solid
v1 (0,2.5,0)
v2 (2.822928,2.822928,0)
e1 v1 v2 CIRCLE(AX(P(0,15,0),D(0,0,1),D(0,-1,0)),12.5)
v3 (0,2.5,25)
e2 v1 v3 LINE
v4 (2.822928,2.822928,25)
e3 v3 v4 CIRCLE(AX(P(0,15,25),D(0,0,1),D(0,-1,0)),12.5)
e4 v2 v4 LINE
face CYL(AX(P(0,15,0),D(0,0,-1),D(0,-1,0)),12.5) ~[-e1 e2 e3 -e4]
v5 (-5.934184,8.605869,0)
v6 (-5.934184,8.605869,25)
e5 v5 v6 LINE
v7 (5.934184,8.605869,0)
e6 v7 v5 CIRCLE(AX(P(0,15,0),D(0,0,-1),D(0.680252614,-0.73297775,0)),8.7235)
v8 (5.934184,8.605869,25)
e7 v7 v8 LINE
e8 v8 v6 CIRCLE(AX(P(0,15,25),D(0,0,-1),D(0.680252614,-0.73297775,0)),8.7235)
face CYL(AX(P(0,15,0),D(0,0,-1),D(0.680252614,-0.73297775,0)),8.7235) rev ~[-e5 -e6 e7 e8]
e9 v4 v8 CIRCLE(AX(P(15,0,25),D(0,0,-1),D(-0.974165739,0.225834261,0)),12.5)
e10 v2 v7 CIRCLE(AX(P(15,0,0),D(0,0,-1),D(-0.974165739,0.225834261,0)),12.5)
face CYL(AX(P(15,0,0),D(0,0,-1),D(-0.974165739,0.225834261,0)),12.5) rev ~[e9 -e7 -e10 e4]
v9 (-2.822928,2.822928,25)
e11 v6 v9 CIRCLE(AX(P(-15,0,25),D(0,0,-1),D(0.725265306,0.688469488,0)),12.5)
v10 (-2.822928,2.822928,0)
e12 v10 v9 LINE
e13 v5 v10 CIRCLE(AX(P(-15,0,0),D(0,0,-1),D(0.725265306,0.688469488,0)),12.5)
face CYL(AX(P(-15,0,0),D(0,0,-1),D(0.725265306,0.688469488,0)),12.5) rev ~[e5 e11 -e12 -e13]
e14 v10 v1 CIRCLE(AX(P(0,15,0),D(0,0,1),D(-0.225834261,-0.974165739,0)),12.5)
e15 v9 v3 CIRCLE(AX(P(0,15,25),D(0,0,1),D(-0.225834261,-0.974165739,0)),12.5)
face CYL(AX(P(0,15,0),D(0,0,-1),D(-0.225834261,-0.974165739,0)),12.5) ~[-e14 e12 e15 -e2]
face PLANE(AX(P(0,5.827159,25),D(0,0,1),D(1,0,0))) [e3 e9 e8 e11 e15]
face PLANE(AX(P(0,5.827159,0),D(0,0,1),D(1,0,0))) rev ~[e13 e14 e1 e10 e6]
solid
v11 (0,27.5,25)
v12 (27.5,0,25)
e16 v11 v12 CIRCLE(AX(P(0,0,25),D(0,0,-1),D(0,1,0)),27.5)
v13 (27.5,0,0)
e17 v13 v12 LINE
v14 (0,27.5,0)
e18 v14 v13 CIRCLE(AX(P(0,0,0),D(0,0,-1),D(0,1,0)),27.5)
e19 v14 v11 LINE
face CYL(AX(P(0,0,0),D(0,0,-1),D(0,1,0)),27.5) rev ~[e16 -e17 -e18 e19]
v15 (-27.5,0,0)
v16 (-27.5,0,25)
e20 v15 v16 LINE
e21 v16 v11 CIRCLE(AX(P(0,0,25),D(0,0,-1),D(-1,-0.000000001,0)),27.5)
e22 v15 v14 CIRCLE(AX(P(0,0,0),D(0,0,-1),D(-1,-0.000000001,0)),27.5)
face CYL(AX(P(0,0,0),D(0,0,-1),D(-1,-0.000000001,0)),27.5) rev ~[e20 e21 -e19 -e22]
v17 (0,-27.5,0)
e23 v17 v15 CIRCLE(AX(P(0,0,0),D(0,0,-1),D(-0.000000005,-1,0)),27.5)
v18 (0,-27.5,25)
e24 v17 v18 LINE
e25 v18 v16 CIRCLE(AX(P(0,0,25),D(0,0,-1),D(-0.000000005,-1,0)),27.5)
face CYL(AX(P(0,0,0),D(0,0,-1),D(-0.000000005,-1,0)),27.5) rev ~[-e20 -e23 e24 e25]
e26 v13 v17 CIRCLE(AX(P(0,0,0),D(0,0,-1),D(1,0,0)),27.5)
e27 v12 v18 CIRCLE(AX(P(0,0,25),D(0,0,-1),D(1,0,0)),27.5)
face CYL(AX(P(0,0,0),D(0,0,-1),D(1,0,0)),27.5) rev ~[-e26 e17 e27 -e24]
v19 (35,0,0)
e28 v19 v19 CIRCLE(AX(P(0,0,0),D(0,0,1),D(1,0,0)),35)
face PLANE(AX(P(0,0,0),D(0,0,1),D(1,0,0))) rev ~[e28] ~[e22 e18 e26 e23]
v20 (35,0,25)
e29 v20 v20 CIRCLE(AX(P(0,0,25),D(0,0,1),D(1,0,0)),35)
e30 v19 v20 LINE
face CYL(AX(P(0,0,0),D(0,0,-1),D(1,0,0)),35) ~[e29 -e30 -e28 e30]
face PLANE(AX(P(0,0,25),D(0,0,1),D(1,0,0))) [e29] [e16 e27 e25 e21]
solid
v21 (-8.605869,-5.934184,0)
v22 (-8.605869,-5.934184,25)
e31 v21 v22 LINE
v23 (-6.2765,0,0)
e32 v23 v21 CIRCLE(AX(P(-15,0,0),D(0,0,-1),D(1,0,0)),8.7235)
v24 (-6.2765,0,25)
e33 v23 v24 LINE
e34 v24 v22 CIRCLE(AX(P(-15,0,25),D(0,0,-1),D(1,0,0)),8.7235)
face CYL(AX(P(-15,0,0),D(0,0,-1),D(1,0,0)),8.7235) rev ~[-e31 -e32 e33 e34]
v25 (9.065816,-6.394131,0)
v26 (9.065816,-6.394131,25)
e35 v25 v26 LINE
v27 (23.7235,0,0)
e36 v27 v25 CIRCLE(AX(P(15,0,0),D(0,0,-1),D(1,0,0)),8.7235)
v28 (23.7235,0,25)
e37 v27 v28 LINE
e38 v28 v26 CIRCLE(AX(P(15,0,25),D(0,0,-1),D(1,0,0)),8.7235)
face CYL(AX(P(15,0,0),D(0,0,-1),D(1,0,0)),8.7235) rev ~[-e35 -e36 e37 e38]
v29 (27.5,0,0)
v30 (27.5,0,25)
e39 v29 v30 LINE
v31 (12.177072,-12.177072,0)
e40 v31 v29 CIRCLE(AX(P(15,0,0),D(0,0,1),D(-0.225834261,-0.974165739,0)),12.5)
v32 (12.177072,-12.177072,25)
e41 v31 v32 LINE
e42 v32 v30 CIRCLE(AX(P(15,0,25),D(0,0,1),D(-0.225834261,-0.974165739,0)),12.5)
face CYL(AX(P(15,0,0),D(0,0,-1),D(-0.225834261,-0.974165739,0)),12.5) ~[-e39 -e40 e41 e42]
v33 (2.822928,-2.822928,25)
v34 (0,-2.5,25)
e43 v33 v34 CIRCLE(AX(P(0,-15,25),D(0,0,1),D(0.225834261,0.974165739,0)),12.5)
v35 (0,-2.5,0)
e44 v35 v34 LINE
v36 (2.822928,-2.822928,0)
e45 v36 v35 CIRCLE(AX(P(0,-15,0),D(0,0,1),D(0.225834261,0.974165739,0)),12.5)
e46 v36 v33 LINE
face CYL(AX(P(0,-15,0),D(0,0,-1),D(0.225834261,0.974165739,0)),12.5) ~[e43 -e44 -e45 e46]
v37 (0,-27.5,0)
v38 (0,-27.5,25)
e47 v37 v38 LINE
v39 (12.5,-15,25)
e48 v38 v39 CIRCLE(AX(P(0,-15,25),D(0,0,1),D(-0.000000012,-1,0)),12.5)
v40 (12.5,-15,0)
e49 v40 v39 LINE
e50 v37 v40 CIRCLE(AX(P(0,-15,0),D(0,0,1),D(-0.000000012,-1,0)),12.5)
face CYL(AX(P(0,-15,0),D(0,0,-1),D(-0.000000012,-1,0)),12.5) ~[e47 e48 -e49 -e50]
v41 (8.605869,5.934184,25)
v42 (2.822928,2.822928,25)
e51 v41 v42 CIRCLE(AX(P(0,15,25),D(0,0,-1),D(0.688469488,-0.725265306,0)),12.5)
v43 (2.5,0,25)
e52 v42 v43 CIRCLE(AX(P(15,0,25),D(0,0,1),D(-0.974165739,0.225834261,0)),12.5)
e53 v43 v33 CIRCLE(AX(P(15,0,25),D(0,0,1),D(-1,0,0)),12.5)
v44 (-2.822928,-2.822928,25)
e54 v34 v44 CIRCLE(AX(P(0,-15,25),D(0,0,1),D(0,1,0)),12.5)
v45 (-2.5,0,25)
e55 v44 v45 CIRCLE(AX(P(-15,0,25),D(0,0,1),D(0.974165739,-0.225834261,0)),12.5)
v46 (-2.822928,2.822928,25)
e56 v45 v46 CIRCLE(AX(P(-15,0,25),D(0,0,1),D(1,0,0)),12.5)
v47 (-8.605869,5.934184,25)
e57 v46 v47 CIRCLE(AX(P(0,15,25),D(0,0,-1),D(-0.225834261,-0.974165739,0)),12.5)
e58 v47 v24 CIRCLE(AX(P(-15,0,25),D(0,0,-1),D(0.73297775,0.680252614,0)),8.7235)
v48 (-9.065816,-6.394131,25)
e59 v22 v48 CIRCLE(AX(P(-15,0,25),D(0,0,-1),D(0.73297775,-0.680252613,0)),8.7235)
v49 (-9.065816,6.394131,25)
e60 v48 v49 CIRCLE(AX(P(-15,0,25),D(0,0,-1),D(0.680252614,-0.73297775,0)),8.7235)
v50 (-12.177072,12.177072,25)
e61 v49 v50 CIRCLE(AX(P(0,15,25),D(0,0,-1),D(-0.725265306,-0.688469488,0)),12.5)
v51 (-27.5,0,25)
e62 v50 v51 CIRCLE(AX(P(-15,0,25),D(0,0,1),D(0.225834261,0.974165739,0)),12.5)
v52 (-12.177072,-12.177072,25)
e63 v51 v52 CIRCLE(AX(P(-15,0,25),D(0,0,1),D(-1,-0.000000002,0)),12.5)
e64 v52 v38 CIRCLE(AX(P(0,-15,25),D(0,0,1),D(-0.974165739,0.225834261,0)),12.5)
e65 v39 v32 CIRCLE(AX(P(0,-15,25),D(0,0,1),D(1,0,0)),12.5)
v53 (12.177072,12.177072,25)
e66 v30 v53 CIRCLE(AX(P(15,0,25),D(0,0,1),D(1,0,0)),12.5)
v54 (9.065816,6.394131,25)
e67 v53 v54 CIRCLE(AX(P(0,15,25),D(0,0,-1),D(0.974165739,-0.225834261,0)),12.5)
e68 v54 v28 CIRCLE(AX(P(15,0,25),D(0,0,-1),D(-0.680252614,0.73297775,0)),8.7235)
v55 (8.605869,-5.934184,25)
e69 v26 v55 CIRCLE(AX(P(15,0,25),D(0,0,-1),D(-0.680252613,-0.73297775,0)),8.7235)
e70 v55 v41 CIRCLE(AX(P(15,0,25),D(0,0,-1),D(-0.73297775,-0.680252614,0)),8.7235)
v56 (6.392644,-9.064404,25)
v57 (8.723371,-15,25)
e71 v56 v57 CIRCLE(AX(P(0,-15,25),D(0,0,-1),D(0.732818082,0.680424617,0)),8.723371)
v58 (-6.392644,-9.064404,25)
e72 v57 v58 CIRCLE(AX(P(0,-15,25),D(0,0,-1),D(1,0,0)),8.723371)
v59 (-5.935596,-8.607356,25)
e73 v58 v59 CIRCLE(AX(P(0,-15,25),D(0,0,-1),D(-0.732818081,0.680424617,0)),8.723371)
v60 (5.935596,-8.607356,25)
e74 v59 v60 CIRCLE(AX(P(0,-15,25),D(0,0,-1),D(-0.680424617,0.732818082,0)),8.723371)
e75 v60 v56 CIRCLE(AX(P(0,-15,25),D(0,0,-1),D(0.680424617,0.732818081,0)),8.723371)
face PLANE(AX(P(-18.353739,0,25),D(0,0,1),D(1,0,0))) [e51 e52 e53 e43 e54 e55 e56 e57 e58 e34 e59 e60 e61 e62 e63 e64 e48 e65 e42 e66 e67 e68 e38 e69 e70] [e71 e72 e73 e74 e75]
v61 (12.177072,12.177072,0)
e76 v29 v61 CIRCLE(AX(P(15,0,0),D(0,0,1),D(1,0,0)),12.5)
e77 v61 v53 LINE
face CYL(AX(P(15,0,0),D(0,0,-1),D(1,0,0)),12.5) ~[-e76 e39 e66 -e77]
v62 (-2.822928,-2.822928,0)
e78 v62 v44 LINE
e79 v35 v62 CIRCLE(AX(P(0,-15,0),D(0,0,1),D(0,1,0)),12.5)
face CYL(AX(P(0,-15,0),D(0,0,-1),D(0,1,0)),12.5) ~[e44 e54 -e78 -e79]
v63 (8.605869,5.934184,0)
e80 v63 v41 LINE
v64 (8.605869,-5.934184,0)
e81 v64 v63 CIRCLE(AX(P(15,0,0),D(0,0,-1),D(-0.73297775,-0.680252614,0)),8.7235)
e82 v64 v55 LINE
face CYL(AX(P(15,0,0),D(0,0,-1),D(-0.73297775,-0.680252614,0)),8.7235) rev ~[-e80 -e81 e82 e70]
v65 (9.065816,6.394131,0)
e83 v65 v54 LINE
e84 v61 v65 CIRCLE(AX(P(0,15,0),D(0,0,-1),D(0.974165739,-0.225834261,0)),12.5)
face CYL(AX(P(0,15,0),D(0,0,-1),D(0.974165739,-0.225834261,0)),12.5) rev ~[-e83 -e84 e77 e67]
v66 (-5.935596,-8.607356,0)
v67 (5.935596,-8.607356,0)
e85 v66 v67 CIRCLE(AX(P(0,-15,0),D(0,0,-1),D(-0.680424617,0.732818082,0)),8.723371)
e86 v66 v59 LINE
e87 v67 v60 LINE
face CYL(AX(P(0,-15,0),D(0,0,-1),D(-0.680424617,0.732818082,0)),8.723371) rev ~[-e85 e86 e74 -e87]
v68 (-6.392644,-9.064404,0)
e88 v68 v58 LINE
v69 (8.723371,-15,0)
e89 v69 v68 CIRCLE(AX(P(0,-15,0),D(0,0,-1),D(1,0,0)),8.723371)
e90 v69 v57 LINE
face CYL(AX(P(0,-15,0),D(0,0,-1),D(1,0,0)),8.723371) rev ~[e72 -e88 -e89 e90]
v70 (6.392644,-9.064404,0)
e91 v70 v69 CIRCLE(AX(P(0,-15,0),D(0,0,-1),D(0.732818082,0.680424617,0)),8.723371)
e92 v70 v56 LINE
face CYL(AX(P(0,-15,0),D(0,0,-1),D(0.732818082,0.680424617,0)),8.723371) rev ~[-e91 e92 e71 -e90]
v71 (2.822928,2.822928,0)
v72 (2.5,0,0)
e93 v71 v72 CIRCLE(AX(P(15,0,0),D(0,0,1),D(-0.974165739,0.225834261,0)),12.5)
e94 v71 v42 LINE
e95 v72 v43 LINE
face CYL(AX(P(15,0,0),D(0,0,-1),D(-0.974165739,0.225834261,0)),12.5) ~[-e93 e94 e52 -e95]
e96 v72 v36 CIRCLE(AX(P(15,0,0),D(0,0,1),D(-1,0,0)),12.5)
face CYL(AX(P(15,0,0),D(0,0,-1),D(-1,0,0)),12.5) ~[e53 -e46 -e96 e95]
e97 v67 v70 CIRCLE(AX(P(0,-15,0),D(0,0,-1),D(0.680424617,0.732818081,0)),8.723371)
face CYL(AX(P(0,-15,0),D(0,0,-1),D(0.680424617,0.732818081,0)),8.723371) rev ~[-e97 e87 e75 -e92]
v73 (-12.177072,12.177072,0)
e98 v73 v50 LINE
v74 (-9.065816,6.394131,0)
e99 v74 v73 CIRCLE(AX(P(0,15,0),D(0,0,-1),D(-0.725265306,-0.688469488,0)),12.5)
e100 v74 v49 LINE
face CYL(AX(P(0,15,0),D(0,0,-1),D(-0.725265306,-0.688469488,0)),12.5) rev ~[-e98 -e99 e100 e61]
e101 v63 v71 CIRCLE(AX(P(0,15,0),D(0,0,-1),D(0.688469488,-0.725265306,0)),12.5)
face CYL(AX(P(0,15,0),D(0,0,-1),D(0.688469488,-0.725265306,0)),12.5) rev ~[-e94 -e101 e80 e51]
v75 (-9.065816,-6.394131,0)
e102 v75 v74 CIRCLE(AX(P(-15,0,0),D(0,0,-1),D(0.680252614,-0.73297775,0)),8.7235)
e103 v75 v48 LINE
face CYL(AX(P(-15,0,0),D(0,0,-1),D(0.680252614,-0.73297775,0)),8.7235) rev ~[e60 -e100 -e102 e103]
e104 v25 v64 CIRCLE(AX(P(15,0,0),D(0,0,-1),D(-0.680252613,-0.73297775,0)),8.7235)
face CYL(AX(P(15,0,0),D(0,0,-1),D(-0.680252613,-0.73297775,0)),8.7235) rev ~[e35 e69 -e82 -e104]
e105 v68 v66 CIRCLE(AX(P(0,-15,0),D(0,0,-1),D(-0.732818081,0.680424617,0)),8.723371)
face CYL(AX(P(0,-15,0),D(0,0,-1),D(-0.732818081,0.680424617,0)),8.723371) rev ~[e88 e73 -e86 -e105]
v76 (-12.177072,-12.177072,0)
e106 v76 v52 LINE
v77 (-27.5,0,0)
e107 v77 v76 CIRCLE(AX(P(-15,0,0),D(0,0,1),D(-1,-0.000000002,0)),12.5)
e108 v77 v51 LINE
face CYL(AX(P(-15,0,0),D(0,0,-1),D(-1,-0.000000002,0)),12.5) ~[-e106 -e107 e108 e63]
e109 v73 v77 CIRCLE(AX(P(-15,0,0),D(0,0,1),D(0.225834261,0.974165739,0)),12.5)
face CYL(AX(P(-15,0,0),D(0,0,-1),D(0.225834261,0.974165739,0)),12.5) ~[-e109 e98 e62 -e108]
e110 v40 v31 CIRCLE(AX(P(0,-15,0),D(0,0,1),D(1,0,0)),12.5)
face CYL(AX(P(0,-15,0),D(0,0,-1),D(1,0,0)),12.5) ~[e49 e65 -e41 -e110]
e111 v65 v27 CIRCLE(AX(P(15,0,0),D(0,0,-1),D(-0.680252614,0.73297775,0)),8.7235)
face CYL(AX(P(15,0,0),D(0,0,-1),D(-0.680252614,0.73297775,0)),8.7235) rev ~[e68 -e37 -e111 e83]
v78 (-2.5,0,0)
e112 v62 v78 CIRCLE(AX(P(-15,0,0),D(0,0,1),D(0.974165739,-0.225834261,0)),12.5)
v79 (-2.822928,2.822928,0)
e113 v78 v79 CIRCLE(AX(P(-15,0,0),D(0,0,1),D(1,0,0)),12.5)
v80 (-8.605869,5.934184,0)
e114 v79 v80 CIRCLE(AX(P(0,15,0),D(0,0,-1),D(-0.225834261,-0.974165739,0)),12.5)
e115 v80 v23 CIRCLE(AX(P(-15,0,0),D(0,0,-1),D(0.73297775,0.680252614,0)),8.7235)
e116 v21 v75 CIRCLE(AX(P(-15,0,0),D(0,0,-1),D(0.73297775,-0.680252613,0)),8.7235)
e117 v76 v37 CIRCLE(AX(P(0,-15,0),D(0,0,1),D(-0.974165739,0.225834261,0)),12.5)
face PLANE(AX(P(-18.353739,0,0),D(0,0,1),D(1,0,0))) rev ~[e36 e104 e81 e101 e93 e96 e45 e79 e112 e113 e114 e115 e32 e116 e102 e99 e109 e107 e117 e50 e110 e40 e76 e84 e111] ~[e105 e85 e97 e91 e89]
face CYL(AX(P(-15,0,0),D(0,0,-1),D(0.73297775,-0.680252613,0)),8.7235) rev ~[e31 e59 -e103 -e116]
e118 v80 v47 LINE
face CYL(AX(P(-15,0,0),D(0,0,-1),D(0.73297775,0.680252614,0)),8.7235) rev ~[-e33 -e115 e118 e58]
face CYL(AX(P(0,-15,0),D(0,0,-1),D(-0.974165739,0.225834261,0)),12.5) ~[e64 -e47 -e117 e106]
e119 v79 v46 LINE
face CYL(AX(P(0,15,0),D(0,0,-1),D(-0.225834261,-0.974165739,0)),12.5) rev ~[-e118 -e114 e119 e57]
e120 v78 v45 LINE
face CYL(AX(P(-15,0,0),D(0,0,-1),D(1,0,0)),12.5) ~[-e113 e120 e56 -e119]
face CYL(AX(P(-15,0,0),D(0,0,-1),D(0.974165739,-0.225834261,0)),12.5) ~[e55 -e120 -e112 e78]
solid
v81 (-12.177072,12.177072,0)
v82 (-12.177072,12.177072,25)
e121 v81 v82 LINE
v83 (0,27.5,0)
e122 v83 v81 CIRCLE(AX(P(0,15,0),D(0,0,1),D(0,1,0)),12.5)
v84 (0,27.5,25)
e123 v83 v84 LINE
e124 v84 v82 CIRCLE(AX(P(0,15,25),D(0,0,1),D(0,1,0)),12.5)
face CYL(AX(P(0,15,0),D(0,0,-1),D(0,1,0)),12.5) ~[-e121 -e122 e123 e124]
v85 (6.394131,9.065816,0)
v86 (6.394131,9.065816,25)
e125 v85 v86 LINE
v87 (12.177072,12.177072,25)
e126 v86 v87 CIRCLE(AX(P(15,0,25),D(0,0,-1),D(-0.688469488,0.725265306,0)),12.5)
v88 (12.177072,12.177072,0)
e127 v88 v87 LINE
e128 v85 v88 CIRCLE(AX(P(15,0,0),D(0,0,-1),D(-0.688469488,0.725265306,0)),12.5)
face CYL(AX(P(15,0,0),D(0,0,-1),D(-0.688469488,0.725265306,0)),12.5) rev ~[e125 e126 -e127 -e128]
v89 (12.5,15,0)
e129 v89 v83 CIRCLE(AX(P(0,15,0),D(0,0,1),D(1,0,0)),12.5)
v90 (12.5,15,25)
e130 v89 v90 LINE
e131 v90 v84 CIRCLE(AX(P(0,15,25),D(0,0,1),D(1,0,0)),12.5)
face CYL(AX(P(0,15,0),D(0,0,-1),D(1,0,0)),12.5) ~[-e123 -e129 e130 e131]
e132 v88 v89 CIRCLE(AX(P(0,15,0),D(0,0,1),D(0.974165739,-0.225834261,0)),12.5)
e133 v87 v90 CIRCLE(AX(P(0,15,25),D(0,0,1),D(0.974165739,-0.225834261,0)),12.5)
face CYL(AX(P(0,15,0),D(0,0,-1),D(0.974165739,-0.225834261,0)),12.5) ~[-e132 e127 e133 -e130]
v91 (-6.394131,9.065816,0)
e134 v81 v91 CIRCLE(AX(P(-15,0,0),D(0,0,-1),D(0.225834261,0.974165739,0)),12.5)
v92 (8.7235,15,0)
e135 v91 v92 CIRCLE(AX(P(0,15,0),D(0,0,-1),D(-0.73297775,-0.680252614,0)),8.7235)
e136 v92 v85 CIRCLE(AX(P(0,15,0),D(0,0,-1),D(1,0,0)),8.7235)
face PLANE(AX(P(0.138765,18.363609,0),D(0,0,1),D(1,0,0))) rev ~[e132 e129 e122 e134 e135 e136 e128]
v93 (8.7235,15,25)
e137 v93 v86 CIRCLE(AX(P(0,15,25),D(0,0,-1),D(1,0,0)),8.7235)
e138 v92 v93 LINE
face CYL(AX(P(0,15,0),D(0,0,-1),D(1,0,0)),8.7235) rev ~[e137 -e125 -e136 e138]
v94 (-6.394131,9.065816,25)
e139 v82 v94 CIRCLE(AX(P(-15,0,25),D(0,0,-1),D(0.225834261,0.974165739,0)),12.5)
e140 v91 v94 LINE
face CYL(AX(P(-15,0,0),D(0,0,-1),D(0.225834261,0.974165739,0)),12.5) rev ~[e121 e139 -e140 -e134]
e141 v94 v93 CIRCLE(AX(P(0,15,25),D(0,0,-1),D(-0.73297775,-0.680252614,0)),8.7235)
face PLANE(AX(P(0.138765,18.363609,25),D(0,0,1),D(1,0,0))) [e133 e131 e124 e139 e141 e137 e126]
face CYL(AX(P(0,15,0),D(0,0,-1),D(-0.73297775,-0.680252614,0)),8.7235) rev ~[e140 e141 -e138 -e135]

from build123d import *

# Parameters (mm, degrees)
F0_R     = 35
F1_DEPTH = 25


with BuildPart() as f1:
    # F0 (on Top) → F1 (new body)
    with BuildSketch(Plane.XY):
        Circle(F0_R)
        with BuildLine():
            ThreePointArc((0, 27.5), (19.4454364826, 19.4454364826), (27.5, 0))
            ThreePointArc((27.5, 0), (19.4454364306, -19.4454365347), (-1.472e-07, -27.5))
            ThreePointArc((-1.472e-07, -27.5), (-19.4454365274, -19.4454364378), (-27.5, -2.06e-08))
            ThreePointArc((-27.5, -2.06e-08), (-19.4454364899, 19.4454364754), (0, 27.5))
        make_face(mode=Mode.SUBTRACT)
    extrude(amount=F1_DEPTH)


with BuildPart() as f1b:
    # F0 (on Top) → F1, piece 2 (new body)
    with BuildSketch(Plane.XY):
        with BuildLine():
            ThreePointArc((-12.1770717335, 12.1770717335), (-22.7769980365, 9.7861280157), (-27.5, -2.06e-08))
            ThreePointArc((-27.5, -2.06e-08), (-22.7769980204, -9.7861280285), (-12.1770717335, -12.1770717335))
            ThreePointArc((-12.1770717335, -12.1770717335), (-11.0079822401, -9.0776417703), (-9.065816326, -6.394131401))
            ThreePointArc((-9.065816326, -6.394131401), (-23.7235, 0), (-9.065816326, 6.394131401))
            ThreePointArc((-9.065816326, 6.394131401), (-11.0079822401, 9.0776417703), (-12.1770717335, 12.1770717335))
        make_face()
        with BuildLine():
            ThreePointArc((-12.1770717335, -12.1770717335), (-9.7861280679, -22.7769979708), (-1.472e-07, -27.5))
            ThreePointArc((-1.472e-07, -27.5), (8.8388347128, -23.8388348169), (12.5, -15))
            ThreePointArc((12.5, -15), (12.4190055292, -13.5793305572), (12.1770717335, -12.1770717335))
            ThreePointArc((12.1770717335, -12.1770717335), (9.0767385281, -11.0074962428), (6.3926437223, -9.0644038915))
            ThreePointArc((6.3926437223, -9.0644038915), (8.1198089674, -11.8115995773), (8.7233706171, -15))
            ThreePointArc((8.7233706171, -15), (-3.1884004227, -23.1198089674), (-6.3926437223, -9.0644038915))
            ThreePointArc((-6.3926437223, -9.0644038915), (-9.0767385281, -11.0074962428), (-12.1770717335, -12.1770717335))
        make_face()
        with BuildLine():
            ThreePointArc((-9.065816326, -6.394131401), (-11.0079822401, -9.0776417703), (-12.1770717335, -12.1770717335))
            ThreePointArc((-12.1770717335, -12.1770717335), (-9.0767385281, -11.0074962428), (-6.3926437223, -9.0644038915))
            ThreePointArc((-6.3926437223, -9.0644038915), (-6.1683545181, -8.8316454819), (-5.9355961085, -8.6073562777))
            ThreePointArc((-5.9355961085, -8.6073562777), (-3.9925037572, -5.9232614719), (-2.8229282665, -2.8229282665))
            ThreePointArc((-2.8229282665, -2.8229282665), (-5.9223582297, -3.9920177599), (-8.605868599, -5.934183674))
            ThreePointArc((-8.605868599, -5.934183674), (-8.8315539943, -6.1684460057), (-9.065816326, -6.394131401))
        make_face()
        with BuildLine():
            ThreePointArc((-2.8229282665, 2.8229282665), (-5.9223582297, 3.9920177599), (-8.605868599, 5.934183674))
            ThreePointArc((-8.605868599, 5.934183674), (-6.8796965104, 3.1874948607), (-6.2765, 0))
            ThreePointArc((-6.2765, 0), (-6.8796965104, -3.1874948607), (-8.605868599, -5.934183674))
            ThreePointArc((-8.605868599, -5.934183674), (-5.9223582297, -3.9920177599), (-2.8229282665, -2.8229282665))
            ThreePointArc((-2.8229282665, -2.8229282665), (-2.5809944708, -1.4206694428), (-2.5, 0))
            ThreePointArc((-2.5, 0), (-2.5809944708, 1.4206694428), (-2.8229282665, 2.8229282665))
        make_face()
        with BuildLine():
            ThreePointArc((-5.9355961085, -8.6073562777), (0, -6.2766293829), (5.9355961085, -8.6073562777))
            ThreePointArc((5.9355961085, -8.6073562777), (3.9925037572, -5.9232614719), (2.8229282665, -2.8229282665))
            ThreePointArc((2.8229282665, -2.8229282665), (1.4206694428, -2.5809944708), (0, -2.5))
            ThreePointArc((0, -2.5), (-1.4206694428, -2.5809944708), (-2.8229282665, -2.8229282665))
            ThreePointArc((-2.8229282665, -2.8229282665), (-3.9925037572, -5.9232614719), (-5.9355961085, -8.6073562777))
        make_face()
        with BuildLine():
            ThreePointArc((6.3926437223, -9.0644038915), (9.0767385281, -11.0074962428), (12.1770717335, -12.1770717335))
            ThreePointArc((12.1770717335, -12.1770717335), (11.0079822401, -9.0776417703), (9.065816326, -6.394131401))
            ThreePointArc((9.065816326, -6.394131401), (8.8315539943, -6.1684460057), (8.605868599, -5.934183674))
            ThreePointArc((8.605868599, -5.934183674), (5.9223582297, -3.9920177599), (2.8229282665, -2.8229282665))
            ThreePointArc((2.8229282665, -2.8229282665), (3.9925037572, -5.9232614719), (5.9355961085, -8.6073562777))
            ThreePointArc((5.9355961085, -8.6073562777), (6.1683545181, -8.8316454819), (6.3926437223, -9.0644038915))
        make_face()
        with BuildLine():
            ThreePointArc((8.605868599, -5.934183674), (6.2765, 0), (8.605868599, 5.934183674))
            ThreePointArc((8.605868599, 5.934183674), (5.9223582297, 3.9920177599), (2.8229282665, 2.8229282665))
            ThreePointArc((2.8229282665, 2.8229282665), (2.5809944708, 1.4206694428), (2.5, 0))
            ThreePointArc((2.5, 0), (2.5809944708, -1.4206694428), (2.8229282665, -2.8229282665))
            ThreePointArc((2.8229282665, -2.8229282665), (5.9223582297, -3.9920177599), (8.605868599, -5.934183674))
        make_face()
        with BuildLine():
            ThreePointArc((12.1770717335, -12.1770717335), (22.7769980284, -9.7861280221), (27.5, 0))
            ThreePointArc((27.5, 0), (22.7769980284, 9.7861280221), (12.1770717335, 12.1770717335))
            ThreePointArc((12.1770717335, 12.1770717335), (11.0079822401, 9.0776417703), (9.065816326, 6.394131401))
            ThreePointArc((9.065816326, 6.394131401), (18.4880224318, 7.9958208938), (23.7235, 0))
            ThreePointArc((23.7235, 0), (18.4880224318, -7.9958208938), (9.065816326, -6.394131401))
            ThreePointArc((9.065816326, -6.394131401), (11.0079822401, -9.0776417703), (12.1770717335, -12.1770717335))
        make_face()
    extrude(amount=F1_DEPTH)


with BuildPart() as f1c:
    # F0 (on Top) → F1, piece 3 (new body)
    with BuildSketch(Plane.XY):
        with BuildLine():
            ThreePointArc((2.8229282665, 2.8229282665), (3.9920177599, 5.9223582297), (5.934183674, 8.605868599))
            ThreePointArc((5.934183674, 8.605868599), (0, 6.2765), (-5.934183674, 8.605868599))
            ThreePointArc((-5.934183674, 8.605868599), (-3.9920177599, 5.9223582297), (-2.8229282665, 2.8229282665))
            ThreePointArc((-2.8229282665, 2.8229282665), (-1.4206694428, 2.5809944708), (0, 2.5))
            ThreePointArc((0, 2.5), (1.4206694428, 2.5809944708), (2.8229282665, 2.8229282665))
        make_face()
    extrude(amount=F1_DEPTH)


with BuildPart() as f1d:
    # F0 (on Top) → F1, piece 4 (new body)
    with BuildSketch(Plane.XY):
        with BuildLine():
            ThreePointArc((12.5, 15), (8.8388347648, 23.8388347648), (0, 27.5))
            ThreePointArc((0, 27.5), (-9.7861280221, 22.7769980284), (-12.1770717335, 12.1770717335))
            ThreePointArc((-12.1770717335, 12.1770717335), (-9.0776417703, 11.0079822401), (-6.394131401, 9.065816326))
            ThreePointArc((-6.394131401, 9.065816326), (-3.1874948607, 23.1203034896), (8.7235, 15))
            ThreePointArc((8.7235, 15), (8.1203034896, 11.8125051393), (6.394131401, 9.065816326))
            ThreePointArc((6.394131401, 9.065816326), (9.0776417703, 11.0079822401), (12.1770717335, 12.1770717335))
            ThreePointArc((12.1770717335, 12.1770717335), (12.4190055292, 13.5793305572), (12.5, 15))
        make_face()
    extrude(amount=F1_DEPTH)


solid = Compound([f1.part, f1b.part, f1c.part, f1d.part])
